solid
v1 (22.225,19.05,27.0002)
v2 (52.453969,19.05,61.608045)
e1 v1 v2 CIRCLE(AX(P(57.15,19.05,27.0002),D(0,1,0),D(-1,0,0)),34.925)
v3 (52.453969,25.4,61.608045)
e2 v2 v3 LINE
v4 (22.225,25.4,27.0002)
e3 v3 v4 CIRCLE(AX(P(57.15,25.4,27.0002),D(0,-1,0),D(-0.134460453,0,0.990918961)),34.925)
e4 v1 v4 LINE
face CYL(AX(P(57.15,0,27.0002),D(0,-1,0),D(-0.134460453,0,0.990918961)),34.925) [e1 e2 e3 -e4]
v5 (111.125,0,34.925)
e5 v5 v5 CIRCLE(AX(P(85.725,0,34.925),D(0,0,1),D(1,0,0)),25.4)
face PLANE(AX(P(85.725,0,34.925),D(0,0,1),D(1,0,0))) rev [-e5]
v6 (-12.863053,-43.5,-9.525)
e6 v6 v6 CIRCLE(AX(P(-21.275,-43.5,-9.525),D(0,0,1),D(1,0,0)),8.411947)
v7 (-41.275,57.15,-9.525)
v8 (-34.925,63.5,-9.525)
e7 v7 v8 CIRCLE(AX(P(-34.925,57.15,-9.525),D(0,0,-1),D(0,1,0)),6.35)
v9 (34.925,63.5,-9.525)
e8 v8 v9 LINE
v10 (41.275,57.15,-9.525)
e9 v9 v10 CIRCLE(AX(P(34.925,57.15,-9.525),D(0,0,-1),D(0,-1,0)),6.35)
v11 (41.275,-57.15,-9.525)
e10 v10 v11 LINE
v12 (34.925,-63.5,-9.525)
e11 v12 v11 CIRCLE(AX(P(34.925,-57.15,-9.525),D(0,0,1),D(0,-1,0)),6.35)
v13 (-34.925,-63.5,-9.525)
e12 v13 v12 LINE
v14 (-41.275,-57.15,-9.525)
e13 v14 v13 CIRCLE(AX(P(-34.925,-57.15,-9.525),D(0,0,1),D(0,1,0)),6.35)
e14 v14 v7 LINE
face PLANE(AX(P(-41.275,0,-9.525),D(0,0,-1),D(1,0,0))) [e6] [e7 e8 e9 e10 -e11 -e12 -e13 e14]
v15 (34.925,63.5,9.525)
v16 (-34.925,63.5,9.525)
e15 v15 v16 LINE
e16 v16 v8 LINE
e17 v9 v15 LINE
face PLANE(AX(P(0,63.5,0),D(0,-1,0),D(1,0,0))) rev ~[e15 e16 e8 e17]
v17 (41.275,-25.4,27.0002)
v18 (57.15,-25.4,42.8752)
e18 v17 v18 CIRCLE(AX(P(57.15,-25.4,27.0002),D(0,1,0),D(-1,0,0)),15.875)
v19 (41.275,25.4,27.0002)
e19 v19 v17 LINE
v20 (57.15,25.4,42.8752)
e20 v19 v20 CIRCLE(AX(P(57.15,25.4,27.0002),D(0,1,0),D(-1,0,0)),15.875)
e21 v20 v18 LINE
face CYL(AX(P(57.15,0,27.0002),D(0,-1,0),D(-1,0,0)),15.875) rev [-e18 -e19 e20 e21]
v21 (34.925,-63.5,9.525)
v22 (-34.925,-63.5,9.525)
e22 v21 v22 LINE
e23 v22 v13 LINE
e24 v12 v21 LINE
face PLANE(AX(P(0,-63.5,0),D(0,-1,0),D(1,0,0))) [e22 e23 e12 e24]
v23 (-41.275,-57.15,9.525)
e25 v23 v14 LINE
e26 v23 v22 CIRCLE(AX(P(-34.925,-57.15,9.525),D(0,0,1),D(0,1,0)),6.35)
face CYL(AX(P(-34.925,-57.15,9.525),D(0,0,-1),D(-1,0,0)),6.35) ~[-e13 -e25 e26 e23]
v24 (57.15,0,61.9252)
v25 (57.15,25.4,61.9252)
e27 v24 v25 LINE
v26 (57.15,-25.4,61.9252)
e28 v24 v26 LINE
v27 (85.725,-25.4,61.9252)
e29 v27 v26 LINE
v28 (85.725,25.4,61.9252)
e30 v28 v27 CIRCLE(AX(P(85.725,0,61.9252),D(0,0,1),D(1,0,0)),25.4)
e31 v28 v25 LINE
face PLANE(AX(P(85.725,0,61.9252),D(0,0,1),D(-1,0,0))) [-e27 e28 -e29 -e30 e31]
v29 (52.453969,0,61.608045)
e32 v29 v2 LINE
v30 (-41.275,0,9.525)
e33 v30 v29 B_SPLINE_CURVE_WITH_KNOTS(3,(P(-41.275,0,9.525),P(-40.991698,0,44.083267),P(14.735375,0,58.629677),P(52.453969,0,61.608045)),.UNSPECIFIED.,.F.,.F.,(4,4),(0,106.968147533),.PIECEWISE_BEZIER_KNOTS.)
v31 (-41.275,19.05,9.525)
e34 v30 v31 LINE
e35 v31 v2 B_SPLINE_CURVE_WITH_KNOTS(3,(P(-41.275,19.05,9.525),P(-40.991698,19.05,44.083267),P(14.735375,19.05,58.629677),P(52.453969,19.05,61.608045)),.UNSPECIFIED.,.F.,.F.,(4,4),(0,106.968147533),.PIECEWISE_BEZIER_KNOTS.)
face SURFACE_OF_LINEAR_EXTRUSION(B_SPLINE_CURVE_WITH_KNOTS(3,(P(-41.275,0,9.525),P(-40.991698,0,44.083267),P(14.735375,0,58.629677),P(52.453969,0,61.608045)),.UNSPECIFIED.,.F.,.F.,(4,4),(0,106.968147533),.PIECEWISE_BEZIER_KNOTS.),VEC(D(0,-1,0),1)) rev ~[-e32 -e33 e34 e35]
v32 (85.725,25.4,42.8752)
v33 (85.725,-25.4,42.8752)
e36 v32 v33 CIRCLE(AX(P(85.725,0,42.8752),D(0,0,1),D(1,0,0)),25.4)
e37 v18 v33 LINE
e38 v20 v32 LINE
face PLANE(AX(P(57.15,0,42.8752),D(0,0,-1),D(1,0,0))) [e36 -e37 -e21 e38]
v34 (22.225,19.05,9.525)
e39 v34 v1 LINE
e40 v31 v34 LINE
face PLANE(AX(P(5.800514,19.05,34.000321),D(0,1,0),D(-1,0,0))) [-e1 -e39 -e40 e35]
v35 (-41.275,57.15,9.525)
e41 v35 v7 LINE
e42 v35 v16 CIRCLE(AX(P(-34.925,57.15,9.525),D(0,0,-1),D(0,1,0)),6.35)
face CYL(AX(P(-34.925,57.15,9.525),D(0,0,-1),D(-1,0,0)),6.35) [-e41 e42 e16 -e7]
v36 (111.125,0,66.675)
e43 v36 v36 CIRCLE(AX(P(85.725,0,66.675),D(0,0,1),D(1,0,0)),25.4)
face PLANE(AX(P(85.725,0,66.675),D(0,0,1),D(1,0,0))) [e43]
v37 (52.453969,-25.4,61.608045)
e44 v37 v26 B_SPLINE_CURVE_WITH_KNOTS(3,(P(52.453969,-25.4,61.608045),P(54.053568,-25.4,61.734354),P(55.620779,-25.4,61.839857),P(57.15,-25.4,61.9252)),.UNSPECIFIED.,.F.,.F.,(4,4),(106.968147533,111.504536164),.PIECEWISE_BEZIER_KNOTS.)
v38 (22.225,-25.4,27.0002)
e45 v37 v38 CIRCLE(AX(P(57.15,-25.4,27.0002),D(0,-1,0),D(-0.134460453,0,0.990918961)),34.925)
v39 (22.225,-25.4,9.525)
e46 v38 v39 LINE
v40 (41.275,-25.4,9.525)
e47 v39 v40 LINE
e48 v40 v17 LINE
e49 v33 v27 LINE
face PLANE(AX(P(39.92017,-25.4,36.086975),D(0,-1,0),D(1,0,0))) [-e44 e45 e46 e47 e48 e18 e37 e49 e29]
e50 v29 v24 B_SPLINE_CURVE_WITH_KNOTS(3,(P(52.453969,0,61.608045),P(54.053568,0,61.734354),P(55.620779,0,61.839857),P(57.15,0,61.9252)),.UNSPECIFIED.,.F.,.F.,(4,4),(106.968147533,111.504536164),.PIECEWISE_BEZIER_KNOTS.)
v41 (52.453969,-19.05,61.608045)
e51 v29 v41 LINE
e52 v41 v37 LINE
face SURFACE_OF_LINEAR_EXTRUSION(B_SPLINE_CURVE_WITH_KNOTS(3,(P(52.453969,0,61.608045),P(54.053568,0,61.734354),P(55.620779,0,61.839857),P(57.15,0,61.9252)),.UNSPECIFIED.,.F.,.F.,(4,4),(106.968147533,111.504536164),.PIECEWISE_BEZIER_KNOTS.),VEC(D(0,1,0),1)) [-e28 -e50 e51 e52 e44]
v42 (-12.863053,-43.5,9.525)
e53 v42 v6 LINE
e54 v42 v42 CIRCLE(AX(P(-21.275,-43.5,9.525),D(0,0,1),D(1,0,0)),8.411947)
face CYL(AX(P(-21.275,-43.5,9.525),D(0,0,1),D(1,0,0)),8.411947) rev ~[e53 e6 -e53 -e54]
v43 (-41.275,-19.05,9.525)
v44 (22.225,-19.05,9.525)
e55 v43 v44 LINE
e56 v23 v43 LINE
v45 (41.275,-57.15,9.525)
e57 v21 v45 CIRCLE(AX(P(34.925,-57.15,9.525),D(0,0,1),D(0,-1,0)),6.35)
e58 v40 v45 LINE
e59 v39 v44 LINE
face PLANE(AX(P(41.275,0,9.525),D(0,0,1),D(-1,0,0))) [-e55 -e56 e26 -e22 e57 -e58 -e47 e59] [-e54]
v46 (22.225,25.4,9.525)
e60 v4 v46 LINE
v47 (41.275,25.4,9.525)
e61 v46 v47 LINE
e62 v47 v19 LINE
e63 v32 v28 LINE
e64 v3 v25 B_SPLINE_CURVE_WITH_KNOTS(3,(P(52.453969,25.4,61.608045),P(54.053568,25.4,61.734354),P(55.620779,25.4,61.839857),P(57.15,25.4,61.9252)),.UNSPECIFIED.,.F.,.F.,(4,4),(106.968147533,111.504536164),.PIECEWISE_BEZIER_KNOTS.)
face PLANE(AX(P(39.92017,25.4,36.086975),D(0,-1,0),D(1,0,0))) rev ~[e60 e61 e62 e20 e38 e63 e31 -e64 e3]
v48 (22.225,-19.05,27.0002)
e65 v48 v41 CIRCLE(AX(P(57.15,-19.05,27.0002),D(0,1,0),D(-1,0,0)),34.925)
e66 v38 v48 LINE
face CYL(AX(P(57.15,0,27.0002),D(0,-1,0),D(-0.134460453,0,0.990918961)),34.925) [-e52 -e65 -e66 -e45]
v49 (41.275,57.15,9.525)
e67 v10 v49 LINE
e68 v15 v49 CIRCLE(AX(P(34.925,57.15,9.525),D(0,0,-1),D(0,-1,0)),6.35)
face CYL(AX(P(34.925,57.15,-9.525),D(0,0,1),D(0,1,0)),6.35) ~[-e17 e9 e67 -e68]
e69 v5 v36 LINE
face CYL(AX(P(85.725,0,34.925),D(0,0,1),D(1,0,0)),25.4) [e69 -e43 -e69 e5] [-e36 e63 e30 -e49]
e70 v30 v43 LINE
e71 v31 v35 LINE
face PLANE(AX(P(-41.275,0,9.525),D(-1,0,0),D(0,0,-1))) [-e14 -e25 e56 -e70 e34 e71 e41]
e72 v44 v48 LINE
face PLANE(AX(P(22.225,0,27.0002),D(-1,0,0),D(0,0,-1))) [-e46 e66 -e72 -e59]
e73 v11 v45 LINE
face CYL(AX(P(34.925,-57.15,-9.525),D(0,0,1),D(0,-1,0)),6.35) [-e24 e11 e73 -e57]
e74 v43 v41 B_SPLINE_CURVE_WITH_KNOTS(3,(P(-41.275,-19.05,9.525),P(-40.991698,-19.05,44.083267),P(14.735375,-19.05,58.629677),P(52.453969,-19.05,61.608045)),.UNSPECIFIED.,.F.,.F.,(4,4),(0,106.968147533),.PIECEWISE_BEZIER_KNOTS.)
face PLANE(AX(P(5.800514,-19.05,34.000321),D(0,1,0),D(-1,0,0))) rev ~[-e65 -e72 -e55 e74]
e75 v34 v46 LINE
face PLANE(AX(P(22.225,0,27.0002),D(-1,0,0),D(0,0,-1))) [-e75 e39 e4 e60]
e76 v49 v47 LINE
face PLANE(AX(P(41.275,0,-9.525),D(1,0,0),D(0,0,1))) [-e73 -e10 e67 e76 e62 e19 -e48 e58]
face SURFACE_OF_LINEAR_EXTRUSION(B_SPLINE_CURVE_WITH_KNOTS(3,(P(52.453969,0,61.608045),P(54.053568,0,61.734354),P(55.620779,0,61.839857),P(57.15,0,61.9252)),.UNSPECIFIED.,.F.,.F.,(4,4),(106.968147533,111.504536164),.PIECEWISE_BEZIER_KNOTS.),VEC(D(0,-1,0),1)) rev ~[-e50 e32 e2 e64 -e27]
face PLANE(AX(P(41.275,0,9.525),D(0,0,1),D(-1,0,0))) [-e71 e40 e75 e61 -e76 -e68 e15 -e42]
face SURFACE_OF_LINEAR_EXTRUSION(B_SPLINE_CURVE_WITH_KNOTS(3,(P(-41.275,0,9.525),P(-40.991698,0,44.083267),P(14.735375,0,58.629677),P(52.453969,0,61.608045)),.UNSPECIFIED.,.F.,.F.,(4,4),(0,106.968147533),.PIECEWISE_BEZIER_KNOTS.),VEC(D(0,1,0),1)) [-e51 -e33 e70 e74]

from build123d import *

# Parameters (mm, degrees)
F1_DEPTH = 63.5
F0_W     = 25.4
F0_H     = 19.05
F2_DEPTH = 25.4
F4_DEPTH = 19.05
F5_R     = 6.35
F6_R     = 8.4119474029
F7_DEPTH = 19.051


with BuildPart() as f1:
    # F0 (on Front) → F1 (new body, symmetric)
    with BuildSketch(Plane.XZ):
        Polygon((-41.275, -9.525), (41.275, -9.525), (41.275, 9.525), (22.225, 9.525), (-41.275, 9.525), align=None)
    extrude(amount=F1_DEPTH, both=True)

    # F0 (on Front) → F2 (join, symmetric)
    with BuildSketch(Plane.XZ):
        with BuildLine():
            Line((22.225, 9.525), (41.275, 9.525))
            Line((41.275, 9.525), (41.275, 27.0002))
            ThreePointArc((41.275, 27.0002), (45.9246798487, 38.2255201513), (57.15, 42.8752))
            Line((57.15, 42.8752), (60.325, 42.8752))
            Line((60.325, 42.8752), (60.325, 61.9252))
            Line((60.325, 61.9252), (57.15, 61.9252))
            add(Edge.make_bspline(
                [(52.4539686953, 61.608044703), (54.0535682544, 61.7343536361), (55.620779482, 61.8398573918), (57.15, 61.9252)],
                knots=[106.9681475328, 106.9681475328, 106.9681475328, 106.9681475328, 111.5045361635, 111.5045361635, 111.5045361635, 111.5045361635], degree=3))
            ThreePointArc((52.4539686953, 61.608044703), (30.8463451369, 49.9756948987), (22.225, 27.0002))
            Line((22.225, 27.0002), (22.225, 9.525))
        make_face()
        with Locations((73.025, 52.4002)):
            Rectangle(F0_W, F0_H)
    extrude(amount=F2_DEPTH, both=True)

    # F0 (on Front) → F3 (revolve)
    with BuildSketch(Plane.XZ):
        Polygon((85.725, 61.9252), (85.725, 42.8752), (85.725, 34.925), (111.125, 34.925), (111.125, 66.675), (85.725, 66.675), align=None)
    revolve(axis=Axis((85.725, 0, 50.8), (0, 0, 1)))

    # F0 (on Front) → F4 (join, symmetric)
    with BuildSketch(Plane.XZ):
        with BuildLine():
            add(Edge.make_bspline(
                [(-41.275, 9.525), (-40.9916978958, 44.0832673995), (14.7353745544, 58.6296771756), (52.4539686953, 61.608044703)],
                knots=[0, 0, 0, 0, 106.9681475328, 106.9681475328, 106.9681475328, 106.9681475328], degree=3))
            Line((-41.275, 9.525), (22.225, 9.525))
            Line((22.225, 9.525), (22.225, 27.0002))
            ThreePointArc((22.225, 27.0002), (30.8463451369, 49.9756948987), (52.4539686953, 61.608044703))
        make_face()
    extrude(amount=F4_DEPTH, both=True)

    # F5
    f5_edges = [f1.edges().sort_by_distance(p)[0] for p in [
        (41.275, -63.5, 0),
        (-41.275, -63.5, 0),
        (41.275, 63.5, 0),
        (-41.275, 63.5, 0),
    ]]
    fillet(f5_edges, radius=F5_R)

    # F6 (on face) → F7 (cut, through all)
    with BuildSketch(Plane.XY.offset(9.525)):
        with Locations((-21.275, -43.5)):
            Circle(F6_R)
    extrude(amount=-F7_DEPTH, mode=Mode.SUBTRACT)


solid = f1.part
